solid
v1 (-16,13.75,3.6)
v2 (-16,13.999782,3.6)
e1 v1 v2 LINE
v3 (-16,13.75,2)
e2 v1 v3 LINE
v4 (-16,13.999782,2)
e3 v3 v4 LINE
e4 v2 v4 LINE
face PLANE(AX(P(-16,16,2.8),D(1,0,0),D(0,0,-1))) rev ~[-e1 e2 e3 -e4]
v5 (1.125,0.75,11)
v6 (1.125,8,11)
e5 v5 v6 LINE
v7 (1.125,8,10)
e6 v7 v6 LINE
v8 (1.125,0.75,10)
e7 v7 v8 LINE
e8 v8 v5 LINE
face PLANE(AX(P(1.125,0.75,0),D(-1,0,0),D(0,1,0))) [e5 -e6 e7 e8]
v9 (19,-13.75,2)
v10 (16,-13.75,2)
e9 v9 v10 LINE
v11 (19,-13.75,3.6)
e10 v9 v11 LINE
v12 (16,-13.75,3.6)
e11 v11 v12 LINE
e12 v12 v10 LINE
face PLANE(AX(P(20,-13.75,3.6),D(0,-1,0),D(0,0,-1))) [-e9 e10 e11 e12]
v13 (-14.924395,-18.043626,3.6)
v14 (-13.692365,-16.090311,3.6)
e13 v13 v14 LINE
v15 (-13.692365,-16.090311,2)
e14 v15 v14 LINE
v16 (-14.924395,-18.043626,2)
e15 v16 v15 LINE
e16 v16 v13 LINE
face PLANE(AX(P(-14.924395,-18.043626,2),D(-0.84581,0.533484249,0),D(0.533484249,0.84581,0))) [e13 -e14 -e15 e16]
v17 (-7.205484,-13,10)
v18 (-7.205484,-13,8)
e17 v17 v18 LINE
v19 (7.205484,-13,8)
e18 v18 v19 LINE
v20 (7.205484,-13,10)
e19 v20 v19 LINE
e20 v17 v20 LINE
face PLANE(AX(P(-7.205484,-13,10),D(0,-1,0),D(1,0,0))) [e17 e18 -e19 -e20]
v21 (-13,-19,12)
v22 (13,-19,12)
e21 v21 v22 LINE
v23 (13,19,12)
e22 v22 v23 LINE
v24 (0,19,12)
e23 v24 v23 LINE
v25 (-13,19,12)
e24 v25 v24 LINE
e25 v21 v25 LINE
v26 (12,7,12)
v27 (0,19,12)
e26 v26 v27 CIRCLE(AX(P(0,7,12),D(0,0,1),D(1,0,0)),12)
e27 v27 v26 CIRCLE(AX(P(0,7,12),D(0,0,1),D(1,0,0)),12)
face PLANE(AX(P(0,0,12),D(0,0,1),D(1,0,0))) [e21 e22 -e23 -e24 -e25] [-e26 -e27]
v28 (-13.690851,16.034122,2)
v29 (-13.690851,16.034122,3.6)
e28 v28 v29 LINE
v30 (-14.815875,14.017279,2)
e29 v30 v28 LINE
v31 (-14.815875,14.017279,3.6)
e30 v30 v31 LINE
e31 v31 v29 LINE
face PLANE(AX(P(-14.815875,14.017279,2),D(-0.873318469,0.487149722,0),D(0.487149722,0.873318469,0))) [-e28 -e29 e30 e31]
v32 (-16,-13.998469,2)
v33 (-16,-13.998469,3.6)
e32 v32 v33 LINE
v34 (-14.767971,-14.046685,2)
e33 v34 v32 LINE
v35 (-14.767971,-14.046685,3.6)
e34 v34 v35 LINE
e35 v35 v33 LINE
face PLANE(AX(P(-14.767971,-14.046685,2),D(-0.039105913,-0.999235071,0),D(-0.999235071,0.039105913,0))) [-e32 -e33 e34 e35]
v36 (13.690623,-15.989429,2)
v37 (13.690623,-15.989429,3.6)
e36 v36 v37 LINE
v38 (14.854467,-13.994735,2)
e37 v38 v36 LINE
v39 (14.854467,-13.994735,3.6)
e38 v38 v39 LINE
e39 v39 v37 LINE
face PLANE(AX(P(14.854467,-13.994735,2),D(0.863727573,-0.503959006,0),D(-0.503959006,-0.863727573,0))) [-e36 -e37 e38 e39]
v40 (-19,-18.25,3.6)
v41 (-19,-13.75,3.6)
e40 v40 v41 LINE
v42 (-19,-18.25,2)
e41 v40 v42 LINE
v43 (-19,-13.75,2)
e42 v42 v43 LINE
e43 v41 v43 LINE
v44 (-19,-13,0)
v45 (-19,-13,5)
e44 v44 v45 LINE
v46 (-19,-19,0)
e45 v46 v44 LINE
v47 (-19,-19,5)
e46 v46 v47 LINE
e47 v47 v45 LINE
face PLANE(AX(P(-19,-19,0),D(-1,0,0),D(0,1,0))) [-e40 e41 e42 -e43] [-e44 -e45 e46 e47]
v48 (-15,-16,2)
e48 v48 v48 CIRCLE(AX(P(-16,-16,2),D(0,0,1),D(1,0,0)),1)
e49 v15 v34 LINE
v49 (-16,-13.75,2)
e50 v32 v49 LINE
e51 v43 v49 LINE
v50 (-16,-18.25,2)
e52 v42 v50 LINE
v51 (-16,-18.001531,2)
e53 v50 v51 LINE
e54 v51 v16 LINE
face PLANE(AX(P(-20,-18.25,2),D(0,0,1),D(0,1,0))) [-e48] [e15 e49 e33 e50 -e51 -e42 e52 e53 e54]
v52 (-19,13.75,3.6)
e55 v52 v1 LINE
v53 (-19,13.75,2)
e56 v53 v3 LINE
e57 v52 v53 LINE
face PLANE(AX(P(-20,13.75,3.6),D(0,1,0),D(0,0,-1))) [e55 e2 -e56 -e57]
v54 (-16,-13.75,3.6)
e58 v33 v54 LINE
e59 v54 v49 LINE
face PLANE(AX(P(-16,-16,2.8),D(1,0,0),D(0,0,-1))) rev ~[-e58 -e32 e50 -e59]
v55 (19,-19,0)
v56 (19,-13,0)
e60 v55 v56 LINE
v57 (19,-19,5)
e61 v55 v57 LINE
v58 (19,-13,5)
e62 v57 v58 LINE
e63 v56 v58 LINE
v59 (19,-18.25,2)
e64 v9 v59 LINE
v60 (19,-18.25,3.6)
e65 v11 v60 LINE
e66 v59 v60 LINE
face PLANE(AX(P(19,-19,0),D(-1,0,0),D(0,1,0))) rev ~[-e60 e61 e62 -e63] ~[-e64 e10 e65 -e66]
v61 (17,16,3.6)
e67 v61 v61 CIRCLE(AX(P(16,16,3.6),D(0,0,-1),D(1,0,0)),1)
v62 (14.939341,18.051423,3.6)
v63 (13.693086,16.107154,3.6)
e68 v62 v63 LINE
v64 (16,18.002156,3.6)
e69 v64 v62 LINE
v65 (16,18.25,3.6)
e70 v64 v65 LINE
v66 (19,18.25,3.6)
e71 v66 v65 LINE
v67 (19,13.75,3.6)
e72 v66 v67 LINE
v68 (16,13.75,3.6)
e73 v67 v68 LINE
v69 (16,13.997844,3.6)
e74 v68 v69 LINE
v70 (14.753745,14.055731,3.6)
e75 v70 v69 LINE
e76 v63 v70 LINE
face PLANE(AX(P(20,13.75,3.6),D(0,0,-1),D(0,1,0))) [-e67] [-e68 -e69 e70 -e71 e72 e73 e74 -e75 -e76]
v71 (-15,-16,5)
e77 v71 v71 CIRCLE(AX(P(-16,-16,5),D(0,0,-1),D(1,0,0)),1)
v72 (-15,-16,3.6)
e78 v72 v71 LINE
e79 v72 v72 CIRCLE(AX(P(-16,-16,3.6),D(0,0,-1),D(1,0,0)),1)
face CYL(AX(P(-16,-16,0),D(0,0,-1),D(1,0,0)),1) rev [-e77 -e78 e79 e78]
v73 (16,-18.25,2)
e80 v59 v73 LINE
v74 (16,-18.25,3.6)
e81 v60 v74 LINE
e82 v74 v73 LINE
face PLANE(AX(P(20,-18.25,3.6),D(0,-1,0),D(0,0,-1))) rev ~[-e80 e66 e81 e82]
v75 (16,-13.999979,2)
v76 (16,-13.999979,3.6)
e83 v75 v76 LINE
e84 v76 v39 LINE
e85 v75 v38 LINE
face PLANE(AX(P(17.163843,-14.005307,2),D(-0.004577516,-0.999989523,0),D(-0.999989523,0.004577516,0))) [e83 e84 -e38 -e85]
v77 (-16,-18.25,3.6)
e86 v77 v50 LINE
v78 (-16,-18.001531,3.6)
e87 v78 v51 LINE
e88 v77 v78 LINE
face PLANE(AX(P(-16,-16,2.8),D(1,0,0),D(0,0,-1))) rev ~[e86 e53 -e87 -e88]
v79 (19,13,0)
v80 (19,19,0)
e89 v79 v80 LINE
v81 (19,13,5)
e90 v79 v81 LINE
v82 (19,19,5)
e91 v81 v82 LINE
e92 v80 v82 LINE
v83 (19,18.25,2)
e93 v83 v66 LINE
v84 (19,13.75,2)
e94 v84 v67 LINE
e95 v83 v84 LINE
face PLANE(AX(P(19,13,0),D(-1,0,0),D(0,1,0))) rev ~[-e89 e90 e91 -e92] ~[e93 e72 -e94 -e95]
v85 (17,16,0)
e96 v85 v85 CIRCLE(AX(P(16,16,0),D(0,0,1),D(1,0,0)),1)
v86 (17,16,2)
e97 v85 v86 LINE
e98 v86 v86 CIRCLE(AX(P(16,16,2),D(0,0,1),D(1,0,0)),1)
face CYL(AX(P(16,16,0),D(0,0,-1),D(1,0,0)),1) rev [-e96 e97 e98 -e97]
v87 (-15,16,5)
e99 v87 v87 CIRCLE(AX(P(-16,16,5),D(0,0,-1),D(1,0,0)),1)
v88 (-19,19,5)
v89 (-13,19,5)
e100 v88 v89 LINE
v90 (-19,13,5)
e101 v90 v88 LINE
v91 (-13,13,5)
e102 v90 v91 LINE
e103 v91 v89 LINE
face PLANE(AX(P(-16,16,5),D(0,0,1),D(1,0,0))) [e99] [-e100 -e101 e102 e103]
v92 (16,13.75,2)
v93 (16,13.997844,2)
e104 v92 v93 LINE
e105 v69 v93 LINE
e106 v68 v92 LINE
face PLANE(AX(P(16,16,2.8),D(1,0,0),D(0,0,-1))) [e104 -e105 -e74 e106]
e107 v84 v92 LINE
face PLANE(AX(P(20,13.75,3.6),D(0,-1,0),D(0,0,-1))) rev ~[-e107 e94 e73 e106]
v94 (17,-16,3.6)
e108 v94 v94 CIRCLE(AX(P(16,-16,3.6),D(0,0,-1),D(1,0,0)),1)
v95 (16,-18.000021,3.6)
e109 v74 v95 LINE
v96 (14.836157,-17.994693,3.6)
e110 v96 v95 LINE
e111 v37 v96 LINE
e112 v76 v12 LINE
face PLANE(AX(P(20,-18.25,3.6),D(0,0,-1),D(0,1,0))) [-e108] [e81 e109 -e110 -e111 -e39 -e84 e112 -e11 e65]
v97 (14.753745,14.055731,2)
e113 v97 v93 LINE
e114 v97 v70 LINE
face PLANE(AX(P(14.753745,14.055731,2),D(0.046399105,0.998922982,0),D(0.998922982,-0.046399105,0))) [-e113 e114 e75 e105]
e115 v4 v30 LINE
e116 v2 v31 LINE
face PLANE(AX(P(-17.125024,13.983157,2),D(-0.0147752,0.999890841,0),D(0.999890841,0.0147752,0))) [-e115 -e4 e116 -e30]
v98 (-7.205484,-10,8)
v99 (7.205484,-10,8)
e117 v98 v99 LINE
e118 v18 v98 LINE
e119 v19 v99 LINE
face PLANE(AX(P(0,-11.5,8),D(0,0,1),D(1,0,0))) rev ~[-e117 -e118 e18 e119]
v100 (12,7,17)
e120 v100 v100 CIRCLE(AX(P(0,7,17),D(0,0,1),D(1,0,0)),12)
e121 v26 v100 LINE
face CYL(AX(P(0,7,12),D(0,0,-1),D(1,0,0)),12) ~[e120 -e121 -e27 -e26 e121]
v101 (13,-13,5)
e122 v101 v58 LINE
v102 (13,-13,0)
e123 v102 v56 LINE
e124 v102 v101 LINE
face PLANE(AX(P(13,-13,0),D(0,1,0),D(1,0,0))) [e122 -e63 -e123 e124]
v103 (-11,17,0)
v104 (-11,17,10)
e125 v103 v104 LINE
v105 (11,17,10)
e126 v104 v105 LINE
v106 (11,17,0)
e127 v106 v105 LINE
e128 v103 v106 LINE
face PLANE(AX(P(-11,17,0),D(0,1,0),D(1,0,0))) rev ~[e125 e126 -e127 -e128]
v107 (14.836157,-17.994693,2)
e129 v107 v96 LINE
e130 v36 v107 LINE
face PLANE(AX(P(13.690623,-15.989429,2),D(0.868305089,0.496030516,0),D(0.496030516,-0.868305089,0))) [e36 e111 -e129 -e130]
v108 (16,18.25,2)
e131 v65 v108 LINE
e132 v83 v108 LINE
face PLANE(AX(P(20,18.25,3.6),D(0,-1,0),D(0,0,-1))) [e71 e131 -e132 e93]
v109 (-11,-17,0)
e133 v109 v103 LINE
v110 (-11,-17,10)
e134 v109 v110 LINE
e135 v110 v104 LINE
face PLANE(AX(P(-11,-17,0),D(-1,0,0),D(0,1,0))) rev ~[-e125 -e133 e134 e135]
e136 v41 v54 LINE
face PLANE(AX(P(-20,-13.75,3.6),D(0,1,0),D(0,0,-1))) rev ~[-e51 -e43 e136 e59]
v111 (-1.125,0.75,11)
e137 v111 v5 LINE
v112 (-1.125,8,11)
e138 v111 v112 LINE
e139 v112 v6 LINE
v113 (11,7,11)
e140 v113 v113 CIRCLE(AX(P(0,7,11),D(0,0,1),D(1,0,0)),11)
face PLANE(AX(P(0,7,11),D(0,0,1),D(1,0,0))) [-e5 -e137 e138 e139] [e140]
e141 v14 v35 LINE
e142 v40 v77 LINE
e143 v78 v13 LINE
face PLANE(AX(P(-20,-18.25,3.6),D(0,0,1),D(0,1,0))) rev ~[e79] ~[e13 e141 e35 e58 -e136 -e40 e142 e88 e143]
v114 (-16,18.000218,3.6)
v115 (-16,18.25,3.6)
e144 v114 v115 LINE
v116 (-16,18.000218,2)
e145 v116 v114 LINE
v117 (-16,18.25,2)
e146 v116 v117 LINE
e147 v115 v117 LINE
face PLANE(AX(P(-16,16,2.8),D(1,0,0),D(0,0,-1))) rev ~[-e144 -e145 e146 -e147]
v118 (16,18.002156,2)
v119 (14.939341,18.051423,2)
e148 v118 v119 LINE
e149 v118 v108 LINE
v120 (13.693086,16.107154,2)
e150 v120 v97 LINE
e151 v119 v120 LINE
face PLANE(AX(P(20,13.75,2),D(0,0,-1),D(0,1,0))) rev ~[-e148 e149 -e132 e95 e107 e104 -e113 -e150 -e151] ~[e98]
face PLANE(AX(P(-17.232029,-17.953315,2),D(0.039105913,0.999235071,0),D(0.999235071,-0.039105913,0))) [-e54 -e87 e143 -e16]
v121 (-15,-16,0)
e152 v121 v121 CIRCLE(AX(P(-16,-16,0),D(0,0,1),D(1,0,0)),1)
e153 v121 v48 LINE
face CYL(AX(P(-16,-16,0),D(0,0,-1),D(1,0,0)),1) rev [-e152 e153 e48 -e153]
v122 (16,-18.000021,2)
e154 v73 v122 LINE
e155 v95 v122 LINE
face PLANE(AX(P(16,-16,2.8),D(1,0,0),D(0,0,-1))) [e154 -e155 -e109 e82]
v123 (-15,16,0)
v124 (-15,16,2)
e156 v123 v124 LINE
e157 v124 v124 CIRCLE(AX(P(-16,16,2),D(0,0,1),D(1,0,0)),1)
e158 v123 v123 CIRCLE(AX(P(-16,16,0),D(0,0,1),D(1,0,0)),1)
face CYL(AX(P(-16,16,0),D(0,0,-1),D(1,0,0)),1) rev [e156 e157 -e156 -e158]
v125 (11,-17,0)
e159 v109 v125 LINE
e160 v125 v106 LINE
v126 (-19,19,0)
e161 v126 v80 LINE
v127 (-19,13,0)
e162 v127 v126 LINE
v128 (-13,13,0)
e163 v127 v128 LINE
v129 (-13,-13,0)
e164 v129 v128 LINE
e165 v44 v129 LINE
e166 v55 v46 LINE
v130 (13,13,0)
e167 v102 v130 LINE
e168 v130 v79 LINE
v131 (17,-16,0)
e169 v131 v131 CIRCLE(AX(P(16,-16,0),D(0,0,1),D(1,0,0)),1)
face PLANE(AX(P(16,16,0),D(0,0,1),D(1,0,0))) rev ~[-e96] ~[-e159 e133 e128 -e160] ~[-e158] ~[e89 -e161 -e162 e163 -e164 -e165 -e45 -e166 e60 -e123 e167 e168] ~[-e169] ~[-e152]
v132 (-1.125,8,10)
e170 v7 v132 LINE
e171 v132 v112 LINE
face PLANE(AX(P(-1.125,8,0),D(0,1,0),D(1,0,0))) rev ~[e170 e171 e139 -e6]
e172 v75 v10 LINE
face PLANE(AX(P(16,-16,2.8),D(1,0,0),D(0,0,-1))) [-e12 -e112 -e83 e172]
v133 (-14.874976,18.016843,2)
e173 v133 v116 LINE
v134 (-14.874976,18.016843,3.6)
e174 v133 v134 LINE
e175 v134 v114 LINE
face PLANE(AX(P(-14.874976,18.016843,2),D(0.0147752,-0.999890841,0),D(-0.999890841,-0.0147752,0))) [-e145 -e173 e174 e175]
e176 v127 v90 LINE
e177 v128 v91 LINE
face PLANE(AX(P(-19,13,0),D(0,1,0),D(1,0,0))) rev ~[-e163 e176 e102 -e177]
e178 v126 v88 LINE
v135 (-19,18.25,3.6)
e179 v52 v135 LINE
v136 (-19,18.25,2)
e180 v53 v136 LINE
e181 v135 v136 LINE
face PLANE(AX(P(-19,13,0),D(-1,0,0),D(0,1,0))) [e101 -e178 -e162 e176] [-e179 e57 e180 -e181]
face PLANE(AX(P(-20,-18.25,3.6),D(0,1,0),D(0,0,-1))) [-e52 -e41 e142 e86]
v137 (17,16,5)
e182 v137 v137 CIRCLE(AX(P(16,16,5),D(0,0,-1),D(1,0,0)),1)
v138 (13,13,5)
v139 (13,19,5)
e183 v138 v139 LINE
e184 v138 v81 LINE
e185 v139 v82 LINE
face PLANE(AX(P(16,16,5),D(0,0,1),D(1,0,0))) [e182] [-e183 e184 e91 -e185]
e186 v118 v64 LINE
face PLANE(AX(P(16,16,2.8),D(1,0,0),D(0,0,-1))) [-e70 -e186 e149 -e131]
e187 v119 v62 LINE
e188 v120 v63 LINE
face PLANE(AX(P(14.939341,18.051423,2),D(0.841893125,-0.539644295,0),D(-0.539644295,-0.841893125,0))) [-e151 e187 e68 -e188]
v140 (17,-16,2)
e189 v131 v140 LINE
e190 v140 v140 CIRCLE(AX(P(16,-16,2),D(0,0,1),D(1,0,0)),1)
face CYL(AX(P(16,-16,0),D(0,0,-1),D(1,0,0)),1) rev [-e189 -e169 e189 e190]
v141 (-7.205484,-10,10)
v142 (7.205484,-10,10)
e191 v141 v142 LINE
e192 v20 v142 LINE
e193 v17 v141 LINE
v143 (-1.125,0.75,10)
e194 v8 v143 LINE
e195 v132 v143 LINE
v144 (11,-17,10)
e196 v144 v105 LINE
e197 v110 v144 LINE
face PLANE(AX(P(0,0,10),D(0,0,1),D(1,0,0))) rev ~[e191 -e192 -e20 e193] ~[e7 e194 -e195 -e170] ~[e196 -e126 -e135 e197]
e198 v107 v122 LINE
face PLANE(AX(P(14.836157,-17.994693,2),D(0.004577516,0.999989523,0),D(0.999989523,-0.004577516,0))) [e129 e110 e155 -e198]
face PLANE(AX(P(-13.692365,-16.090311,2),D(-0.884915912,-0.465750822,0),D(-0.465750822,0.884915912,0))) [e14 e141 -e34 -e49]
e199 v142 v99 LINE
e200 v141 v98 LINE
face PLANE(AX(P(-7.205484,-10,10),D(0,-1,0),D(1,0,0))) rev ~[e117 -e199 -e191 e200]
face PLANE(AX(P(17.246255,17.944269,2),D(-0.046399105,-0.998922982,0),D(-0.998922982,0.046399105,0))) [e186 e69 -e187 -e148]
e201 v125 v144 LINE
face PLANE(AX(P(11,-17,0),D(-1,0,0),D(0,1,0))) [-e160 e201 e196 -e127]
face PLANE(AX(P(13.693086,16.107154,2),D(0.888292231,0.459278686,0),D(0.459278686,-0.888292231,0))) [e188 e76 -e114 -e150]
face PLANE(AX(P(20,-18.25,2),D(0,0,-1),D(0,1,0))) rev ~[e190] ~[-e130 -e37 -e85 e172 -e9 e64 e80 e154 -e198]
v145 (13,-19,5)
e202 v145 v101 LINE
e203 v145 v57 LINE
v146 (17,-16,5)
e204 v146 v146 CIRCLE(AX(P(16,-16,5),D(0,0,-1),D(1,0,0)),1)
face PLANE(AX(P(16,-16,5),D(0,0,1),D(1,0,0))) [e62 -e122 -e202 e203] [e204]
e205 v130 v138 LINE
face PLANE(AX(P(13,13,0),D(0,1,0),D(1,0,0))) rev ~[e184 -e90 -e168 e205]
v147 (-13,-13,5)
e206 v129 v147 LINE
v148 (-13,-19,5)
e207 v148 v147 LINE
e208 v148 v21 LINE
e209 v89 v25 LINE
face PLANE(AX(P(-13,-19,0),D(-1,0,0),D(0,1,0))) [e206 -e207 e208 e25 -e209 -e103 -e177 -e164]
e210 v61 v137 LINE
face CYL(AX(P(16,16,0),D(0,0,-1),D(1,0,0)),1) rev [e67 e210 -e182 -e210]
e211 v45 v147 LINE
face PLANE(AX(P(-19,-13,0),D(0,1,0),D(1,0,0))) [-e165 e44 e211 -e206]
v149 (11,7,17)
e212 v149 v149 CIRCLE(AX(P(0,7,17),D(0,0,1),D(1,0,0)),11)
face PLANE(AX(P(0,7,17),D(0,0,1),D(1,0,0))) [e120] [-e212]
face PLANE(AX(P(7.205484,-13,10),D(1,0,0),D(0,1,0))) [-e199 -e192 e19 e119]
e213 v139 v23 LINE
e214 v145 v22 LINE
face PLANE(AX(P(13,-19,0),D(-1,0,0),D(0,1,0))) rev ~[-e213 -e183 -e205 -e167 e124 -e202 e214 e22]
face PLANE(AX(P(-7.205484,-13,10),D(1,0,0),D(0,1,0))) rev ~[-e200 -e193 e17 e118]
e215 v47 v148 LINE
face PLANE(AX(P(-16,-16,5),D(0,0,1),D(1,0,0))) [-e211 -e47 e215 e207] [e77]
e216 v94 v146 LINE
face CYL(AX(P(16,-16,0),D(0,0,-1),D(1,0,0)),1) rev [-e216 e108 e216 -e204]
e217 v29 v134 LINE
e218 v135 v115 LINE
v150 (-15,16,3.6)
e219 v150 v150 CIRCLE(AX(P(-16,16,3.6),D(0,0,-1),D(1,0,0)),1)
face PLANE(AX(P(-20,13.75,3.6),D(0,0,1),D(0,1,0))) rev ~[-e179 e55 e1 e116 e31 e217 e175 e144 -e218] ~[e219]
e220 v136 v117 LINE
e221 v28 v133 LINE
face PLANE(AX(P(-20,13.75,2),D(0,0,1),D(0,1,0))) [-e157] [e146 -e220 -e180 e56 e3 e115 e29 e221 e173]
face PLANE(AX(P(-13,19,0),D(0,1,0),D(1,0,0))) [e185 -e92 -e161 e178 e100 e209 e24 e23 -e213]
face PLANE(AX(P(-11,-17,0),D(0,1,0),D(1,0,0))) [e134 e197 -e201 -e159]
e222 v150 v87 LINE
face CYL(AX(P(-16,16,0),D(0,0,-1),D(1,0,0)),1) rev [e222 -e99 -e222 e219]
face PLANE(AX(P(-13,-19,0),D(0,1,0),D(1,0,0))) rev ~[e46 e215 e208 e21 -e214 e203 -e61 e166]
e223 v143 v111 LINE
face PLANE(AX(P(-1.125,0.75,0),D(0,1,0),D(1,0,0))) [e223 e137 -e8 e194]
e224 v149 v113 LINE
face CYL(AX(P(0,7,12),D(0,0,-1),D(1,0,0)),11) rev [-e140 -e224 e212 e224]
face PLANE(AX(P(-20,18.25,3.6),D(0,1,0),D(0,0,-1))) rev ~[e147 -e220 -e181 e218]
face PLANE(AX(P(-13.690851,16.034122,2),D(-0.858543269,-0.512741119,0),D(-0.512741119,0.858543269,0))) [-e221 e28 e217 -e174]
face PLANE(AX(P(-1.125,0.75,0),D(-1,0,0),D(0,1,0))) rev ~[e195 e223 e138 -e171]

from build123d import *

# Parameters (mm, degrees)
SKETCH_1_W          = 26
SKETCH_1_H          = 38
EXTRUDE_1_DEPTH     = 12
SKETCH_2_W          = 22
SKETCH_2_H          = 34
CUT_EXTRUDE_1_DEPTH = 10
SKETCH_3_W          = 2.25
SKETCH_3_H          = 7.25
CUT_EXTRUDE_3_DEPTH = 12
SKETCH_4_W          = 6
SKETCH_4_H          = 6
EXTRUDE_2_DEPTH     = 5
SKETCH_5_R          = 1
CUT_EXTRUDE_4_DEPTH = 13
CUT_EXTRUDE_START   = 2
CUT_EXTRUDE_5_DEPTH = 1.6
SKETCH_7_R          = 12
SKETCH_7_R_2        = 11
EXTRUDE_3_DEPTH     = 5
SKETCH_9_R          = 11
CUT_EXTRUDE_7_DEPTH = 1
SKETCH_10_W         = 14.41096837
SKETCH_10_H         = 3
EXTRUDE_4_DEPTH     = 2
CUT_EXTRUDE_START_2 = 20
SKETCH_11_W         = 1.6
SKETCH_11_H         = 4.5
CUT_EXTRUDE_8_DEPTH = 4
CUT_EXTRUDE_START_3 = -20
SKETCH_13_W         = 1.6
SKETCH_13_H         = 4.5
CUT_EXTRUDE_9_DEPTH = 4


with BuildPart() as part:
    # ｽｹｯﾁ1 → ﾎﾞｽ - 押し出し1 (new body)
    with BuildSketch(Plane.XY):
        Rectangle(SKETCH_1_W, SKETCH_1_H)
    extrude(amount=EXTRUDE_1_DEPTH)

    # ｽｹｯﾁ2 → ｶｯﾄ - 押し出し1 (cut)
    with BuildSketch(Plane.XY):
        Rectangle(SKETCH_2_W, SKETCH_2_H)
    extrude(amount=CUT_EXTRUDE_1_DEPTH, mode=Mode.SUBTRACT)

    # ｽｹｯﾁ3 → ｶｯﾄ - 押し出し3 (cut)
    with BuildSketch(Plane.XY):
        with Locations((0, 4.375)):
            Rectangle(SKETCH_3_W, SKETCH_3_H)
    extrude(amount=CUT_EXTRUDE_3_DEPTH, mode=Mode.SUBTRACT)

    # ｽｹｯﾁ4 → ﾎﾞｽ - 押し出し2 (add)
    with BuildSketch(Plane.XY):
        with Locations((16, 16)):
            Rectangle(SKETCH_4_W, SKETCH_4_H)
        with Locations((16, -16)):
            Rectangle(SKETCH_4_W, SKETCH_4_H)
        with Locations((-16, -16)):
            Rectangle(SKETCH_4_W, SKETCH_4_H)
        with Locations((-16, 16)):
            Rectangle(SKETCH_4_W, SKETCH_4_H)
    extrude(amount=EXTRUDE_2_DEPTH)

    # ｽｹｯﾁ5 → ｶｯﾄ - 押し出し4 (cut, through all)
    with BuildSketch(Plane.XY):
        with Locations((-16, 16)):
            Circle(SKETCH_5_R)
        with Locations((-16, -16)):
            Circle(SKETCH_5_R)
        with Locations((16, -16)):
            Circle(SKETCH_5_R)
        with Locations((16, 16)):
            Circle(SKETCH_5_R)
    extrude(amount=CUT_EXTRUDE_4_DEPTH, mode=Mode.SUBTRACT)

    # ｽｹｯﾁ6 → ｶｯﾄ - 押し出し5 (cut)
    with BuildSketch(Plane.XY.offset(CUT_EXTRUDE_START)):
        Polygon((-17.184124892, 17.98272075), (-18.309148984, 15.965878137), (-17.125024092, 13.983157387), (-14.815875108, 14.01727925), (-13.690851016, 16.034121863), (-14.874975908, 18.016842613), align=None)
        Polygon((-17.07560545, -13.956374239), (-18.307634549, -15.909688764), (-17.2320291, -17.953314524), (-14.92439455, -18.043625761), (-13.692365451, -16.090311236), (-14.7679709, -14.046685476), align=None)
        Polygon((14.939341307, 18.051423035), (13.693086191, 16.107154145), (14.753744884, 14.055731109), (17.060658693, 13.948576965), (18.306913809, 15.892845855), (17.246255116, 17.944268891), align=None)
        Polygon((14.854466591, -13.994735294), (13.690623119, -15.98942868), (14.836156527, -17.994693386), (17.145533409, -18.005264706), (18.309376881, -16.01057132), (17.163843473, -14.005306614), align=None)
    extrude(amount=CUT_EXTRUDE_5_DEPTH, mode=Mode.SUBTRACT)

    # ｽｹｯﾁ7 → ﾎﾞｽ - 押し出し3 (add)
    with BuildSketch(Plane.XY.offset(12)):
        with Locations((0, 7)):
            Circle(SKETCH_7_R)
        with Locations((0, 7)):
            Circle(SKETCH_7_R_2, mode=Mode.SUBTRACT)
    extrude(amount=EXTRUDE_3_DEPTH)

    # ｽｹｯﾁ9 → ｶｯﾄ - 押し出し7 (cut)
    with BuildSketch(Plane.XY.offset(12)):
        with Locations((0, 7)):
            Circle(SKETCH_9_R)
    extrude(amount=-CUT_EXTRUDE_7_DEPTH, mode=Mode.SUBTRACT)

    # ｽｹｯﾁ10 → ﾎﾞｽ - 押し出し4 (add)
    with BuildSketch(Plane.XY.offset(10)):
        with Locations((0, -11.5)):
            Rectangle(SKETCH_10_W, SKETCH_10_H)
    extrude(amount=-EXTRUDE_4_DEPTH)

    # ｽｹｯﾁ11 → ｶｯﾄ - 押し出し8 (cut)
    with BuildSketch(Plane(origin=(0, 0, 0), x_dir=(0, 0, -1), z_dir=(1, 0, 0)).offset(CUT_EXTRUDE_START_2)):
        with Locations((-2.8, 16)):
            Rectangle(SKETCH_11_W, SKETCH_11_H)
        with Locations((-2.8, -16)):
            Rectangle(SKETCH_11_W, SKETCH_11_H)
    extrude(amount=-CUT_EXTRUDE_8_DEPTH, mode=Mode.SUBTRACT)

    # ｽｹｯﾁ13 → ｶｯﾄ - 押し出し9 (cut)
    with BuildSketch(Plane(origin=(0, 0, 0), x_dir=(0, 0, -1), z_dir=(1, 0, 0)).offset(CUT_EXTRUDE_START_3)):
        with Locations((-2.8, 16)):
            Rectangle(SKETCH_13_W, SKETCH_13_H)
        with Locations((-2.8, -16)):
            Rectangle(SKETCH_13_W, SKETCH_13_H)
    extrude(amount=CUT_EXTRUDE_9_DEPTH, mode=Mode.SUBTRACT)


solid = part.part
